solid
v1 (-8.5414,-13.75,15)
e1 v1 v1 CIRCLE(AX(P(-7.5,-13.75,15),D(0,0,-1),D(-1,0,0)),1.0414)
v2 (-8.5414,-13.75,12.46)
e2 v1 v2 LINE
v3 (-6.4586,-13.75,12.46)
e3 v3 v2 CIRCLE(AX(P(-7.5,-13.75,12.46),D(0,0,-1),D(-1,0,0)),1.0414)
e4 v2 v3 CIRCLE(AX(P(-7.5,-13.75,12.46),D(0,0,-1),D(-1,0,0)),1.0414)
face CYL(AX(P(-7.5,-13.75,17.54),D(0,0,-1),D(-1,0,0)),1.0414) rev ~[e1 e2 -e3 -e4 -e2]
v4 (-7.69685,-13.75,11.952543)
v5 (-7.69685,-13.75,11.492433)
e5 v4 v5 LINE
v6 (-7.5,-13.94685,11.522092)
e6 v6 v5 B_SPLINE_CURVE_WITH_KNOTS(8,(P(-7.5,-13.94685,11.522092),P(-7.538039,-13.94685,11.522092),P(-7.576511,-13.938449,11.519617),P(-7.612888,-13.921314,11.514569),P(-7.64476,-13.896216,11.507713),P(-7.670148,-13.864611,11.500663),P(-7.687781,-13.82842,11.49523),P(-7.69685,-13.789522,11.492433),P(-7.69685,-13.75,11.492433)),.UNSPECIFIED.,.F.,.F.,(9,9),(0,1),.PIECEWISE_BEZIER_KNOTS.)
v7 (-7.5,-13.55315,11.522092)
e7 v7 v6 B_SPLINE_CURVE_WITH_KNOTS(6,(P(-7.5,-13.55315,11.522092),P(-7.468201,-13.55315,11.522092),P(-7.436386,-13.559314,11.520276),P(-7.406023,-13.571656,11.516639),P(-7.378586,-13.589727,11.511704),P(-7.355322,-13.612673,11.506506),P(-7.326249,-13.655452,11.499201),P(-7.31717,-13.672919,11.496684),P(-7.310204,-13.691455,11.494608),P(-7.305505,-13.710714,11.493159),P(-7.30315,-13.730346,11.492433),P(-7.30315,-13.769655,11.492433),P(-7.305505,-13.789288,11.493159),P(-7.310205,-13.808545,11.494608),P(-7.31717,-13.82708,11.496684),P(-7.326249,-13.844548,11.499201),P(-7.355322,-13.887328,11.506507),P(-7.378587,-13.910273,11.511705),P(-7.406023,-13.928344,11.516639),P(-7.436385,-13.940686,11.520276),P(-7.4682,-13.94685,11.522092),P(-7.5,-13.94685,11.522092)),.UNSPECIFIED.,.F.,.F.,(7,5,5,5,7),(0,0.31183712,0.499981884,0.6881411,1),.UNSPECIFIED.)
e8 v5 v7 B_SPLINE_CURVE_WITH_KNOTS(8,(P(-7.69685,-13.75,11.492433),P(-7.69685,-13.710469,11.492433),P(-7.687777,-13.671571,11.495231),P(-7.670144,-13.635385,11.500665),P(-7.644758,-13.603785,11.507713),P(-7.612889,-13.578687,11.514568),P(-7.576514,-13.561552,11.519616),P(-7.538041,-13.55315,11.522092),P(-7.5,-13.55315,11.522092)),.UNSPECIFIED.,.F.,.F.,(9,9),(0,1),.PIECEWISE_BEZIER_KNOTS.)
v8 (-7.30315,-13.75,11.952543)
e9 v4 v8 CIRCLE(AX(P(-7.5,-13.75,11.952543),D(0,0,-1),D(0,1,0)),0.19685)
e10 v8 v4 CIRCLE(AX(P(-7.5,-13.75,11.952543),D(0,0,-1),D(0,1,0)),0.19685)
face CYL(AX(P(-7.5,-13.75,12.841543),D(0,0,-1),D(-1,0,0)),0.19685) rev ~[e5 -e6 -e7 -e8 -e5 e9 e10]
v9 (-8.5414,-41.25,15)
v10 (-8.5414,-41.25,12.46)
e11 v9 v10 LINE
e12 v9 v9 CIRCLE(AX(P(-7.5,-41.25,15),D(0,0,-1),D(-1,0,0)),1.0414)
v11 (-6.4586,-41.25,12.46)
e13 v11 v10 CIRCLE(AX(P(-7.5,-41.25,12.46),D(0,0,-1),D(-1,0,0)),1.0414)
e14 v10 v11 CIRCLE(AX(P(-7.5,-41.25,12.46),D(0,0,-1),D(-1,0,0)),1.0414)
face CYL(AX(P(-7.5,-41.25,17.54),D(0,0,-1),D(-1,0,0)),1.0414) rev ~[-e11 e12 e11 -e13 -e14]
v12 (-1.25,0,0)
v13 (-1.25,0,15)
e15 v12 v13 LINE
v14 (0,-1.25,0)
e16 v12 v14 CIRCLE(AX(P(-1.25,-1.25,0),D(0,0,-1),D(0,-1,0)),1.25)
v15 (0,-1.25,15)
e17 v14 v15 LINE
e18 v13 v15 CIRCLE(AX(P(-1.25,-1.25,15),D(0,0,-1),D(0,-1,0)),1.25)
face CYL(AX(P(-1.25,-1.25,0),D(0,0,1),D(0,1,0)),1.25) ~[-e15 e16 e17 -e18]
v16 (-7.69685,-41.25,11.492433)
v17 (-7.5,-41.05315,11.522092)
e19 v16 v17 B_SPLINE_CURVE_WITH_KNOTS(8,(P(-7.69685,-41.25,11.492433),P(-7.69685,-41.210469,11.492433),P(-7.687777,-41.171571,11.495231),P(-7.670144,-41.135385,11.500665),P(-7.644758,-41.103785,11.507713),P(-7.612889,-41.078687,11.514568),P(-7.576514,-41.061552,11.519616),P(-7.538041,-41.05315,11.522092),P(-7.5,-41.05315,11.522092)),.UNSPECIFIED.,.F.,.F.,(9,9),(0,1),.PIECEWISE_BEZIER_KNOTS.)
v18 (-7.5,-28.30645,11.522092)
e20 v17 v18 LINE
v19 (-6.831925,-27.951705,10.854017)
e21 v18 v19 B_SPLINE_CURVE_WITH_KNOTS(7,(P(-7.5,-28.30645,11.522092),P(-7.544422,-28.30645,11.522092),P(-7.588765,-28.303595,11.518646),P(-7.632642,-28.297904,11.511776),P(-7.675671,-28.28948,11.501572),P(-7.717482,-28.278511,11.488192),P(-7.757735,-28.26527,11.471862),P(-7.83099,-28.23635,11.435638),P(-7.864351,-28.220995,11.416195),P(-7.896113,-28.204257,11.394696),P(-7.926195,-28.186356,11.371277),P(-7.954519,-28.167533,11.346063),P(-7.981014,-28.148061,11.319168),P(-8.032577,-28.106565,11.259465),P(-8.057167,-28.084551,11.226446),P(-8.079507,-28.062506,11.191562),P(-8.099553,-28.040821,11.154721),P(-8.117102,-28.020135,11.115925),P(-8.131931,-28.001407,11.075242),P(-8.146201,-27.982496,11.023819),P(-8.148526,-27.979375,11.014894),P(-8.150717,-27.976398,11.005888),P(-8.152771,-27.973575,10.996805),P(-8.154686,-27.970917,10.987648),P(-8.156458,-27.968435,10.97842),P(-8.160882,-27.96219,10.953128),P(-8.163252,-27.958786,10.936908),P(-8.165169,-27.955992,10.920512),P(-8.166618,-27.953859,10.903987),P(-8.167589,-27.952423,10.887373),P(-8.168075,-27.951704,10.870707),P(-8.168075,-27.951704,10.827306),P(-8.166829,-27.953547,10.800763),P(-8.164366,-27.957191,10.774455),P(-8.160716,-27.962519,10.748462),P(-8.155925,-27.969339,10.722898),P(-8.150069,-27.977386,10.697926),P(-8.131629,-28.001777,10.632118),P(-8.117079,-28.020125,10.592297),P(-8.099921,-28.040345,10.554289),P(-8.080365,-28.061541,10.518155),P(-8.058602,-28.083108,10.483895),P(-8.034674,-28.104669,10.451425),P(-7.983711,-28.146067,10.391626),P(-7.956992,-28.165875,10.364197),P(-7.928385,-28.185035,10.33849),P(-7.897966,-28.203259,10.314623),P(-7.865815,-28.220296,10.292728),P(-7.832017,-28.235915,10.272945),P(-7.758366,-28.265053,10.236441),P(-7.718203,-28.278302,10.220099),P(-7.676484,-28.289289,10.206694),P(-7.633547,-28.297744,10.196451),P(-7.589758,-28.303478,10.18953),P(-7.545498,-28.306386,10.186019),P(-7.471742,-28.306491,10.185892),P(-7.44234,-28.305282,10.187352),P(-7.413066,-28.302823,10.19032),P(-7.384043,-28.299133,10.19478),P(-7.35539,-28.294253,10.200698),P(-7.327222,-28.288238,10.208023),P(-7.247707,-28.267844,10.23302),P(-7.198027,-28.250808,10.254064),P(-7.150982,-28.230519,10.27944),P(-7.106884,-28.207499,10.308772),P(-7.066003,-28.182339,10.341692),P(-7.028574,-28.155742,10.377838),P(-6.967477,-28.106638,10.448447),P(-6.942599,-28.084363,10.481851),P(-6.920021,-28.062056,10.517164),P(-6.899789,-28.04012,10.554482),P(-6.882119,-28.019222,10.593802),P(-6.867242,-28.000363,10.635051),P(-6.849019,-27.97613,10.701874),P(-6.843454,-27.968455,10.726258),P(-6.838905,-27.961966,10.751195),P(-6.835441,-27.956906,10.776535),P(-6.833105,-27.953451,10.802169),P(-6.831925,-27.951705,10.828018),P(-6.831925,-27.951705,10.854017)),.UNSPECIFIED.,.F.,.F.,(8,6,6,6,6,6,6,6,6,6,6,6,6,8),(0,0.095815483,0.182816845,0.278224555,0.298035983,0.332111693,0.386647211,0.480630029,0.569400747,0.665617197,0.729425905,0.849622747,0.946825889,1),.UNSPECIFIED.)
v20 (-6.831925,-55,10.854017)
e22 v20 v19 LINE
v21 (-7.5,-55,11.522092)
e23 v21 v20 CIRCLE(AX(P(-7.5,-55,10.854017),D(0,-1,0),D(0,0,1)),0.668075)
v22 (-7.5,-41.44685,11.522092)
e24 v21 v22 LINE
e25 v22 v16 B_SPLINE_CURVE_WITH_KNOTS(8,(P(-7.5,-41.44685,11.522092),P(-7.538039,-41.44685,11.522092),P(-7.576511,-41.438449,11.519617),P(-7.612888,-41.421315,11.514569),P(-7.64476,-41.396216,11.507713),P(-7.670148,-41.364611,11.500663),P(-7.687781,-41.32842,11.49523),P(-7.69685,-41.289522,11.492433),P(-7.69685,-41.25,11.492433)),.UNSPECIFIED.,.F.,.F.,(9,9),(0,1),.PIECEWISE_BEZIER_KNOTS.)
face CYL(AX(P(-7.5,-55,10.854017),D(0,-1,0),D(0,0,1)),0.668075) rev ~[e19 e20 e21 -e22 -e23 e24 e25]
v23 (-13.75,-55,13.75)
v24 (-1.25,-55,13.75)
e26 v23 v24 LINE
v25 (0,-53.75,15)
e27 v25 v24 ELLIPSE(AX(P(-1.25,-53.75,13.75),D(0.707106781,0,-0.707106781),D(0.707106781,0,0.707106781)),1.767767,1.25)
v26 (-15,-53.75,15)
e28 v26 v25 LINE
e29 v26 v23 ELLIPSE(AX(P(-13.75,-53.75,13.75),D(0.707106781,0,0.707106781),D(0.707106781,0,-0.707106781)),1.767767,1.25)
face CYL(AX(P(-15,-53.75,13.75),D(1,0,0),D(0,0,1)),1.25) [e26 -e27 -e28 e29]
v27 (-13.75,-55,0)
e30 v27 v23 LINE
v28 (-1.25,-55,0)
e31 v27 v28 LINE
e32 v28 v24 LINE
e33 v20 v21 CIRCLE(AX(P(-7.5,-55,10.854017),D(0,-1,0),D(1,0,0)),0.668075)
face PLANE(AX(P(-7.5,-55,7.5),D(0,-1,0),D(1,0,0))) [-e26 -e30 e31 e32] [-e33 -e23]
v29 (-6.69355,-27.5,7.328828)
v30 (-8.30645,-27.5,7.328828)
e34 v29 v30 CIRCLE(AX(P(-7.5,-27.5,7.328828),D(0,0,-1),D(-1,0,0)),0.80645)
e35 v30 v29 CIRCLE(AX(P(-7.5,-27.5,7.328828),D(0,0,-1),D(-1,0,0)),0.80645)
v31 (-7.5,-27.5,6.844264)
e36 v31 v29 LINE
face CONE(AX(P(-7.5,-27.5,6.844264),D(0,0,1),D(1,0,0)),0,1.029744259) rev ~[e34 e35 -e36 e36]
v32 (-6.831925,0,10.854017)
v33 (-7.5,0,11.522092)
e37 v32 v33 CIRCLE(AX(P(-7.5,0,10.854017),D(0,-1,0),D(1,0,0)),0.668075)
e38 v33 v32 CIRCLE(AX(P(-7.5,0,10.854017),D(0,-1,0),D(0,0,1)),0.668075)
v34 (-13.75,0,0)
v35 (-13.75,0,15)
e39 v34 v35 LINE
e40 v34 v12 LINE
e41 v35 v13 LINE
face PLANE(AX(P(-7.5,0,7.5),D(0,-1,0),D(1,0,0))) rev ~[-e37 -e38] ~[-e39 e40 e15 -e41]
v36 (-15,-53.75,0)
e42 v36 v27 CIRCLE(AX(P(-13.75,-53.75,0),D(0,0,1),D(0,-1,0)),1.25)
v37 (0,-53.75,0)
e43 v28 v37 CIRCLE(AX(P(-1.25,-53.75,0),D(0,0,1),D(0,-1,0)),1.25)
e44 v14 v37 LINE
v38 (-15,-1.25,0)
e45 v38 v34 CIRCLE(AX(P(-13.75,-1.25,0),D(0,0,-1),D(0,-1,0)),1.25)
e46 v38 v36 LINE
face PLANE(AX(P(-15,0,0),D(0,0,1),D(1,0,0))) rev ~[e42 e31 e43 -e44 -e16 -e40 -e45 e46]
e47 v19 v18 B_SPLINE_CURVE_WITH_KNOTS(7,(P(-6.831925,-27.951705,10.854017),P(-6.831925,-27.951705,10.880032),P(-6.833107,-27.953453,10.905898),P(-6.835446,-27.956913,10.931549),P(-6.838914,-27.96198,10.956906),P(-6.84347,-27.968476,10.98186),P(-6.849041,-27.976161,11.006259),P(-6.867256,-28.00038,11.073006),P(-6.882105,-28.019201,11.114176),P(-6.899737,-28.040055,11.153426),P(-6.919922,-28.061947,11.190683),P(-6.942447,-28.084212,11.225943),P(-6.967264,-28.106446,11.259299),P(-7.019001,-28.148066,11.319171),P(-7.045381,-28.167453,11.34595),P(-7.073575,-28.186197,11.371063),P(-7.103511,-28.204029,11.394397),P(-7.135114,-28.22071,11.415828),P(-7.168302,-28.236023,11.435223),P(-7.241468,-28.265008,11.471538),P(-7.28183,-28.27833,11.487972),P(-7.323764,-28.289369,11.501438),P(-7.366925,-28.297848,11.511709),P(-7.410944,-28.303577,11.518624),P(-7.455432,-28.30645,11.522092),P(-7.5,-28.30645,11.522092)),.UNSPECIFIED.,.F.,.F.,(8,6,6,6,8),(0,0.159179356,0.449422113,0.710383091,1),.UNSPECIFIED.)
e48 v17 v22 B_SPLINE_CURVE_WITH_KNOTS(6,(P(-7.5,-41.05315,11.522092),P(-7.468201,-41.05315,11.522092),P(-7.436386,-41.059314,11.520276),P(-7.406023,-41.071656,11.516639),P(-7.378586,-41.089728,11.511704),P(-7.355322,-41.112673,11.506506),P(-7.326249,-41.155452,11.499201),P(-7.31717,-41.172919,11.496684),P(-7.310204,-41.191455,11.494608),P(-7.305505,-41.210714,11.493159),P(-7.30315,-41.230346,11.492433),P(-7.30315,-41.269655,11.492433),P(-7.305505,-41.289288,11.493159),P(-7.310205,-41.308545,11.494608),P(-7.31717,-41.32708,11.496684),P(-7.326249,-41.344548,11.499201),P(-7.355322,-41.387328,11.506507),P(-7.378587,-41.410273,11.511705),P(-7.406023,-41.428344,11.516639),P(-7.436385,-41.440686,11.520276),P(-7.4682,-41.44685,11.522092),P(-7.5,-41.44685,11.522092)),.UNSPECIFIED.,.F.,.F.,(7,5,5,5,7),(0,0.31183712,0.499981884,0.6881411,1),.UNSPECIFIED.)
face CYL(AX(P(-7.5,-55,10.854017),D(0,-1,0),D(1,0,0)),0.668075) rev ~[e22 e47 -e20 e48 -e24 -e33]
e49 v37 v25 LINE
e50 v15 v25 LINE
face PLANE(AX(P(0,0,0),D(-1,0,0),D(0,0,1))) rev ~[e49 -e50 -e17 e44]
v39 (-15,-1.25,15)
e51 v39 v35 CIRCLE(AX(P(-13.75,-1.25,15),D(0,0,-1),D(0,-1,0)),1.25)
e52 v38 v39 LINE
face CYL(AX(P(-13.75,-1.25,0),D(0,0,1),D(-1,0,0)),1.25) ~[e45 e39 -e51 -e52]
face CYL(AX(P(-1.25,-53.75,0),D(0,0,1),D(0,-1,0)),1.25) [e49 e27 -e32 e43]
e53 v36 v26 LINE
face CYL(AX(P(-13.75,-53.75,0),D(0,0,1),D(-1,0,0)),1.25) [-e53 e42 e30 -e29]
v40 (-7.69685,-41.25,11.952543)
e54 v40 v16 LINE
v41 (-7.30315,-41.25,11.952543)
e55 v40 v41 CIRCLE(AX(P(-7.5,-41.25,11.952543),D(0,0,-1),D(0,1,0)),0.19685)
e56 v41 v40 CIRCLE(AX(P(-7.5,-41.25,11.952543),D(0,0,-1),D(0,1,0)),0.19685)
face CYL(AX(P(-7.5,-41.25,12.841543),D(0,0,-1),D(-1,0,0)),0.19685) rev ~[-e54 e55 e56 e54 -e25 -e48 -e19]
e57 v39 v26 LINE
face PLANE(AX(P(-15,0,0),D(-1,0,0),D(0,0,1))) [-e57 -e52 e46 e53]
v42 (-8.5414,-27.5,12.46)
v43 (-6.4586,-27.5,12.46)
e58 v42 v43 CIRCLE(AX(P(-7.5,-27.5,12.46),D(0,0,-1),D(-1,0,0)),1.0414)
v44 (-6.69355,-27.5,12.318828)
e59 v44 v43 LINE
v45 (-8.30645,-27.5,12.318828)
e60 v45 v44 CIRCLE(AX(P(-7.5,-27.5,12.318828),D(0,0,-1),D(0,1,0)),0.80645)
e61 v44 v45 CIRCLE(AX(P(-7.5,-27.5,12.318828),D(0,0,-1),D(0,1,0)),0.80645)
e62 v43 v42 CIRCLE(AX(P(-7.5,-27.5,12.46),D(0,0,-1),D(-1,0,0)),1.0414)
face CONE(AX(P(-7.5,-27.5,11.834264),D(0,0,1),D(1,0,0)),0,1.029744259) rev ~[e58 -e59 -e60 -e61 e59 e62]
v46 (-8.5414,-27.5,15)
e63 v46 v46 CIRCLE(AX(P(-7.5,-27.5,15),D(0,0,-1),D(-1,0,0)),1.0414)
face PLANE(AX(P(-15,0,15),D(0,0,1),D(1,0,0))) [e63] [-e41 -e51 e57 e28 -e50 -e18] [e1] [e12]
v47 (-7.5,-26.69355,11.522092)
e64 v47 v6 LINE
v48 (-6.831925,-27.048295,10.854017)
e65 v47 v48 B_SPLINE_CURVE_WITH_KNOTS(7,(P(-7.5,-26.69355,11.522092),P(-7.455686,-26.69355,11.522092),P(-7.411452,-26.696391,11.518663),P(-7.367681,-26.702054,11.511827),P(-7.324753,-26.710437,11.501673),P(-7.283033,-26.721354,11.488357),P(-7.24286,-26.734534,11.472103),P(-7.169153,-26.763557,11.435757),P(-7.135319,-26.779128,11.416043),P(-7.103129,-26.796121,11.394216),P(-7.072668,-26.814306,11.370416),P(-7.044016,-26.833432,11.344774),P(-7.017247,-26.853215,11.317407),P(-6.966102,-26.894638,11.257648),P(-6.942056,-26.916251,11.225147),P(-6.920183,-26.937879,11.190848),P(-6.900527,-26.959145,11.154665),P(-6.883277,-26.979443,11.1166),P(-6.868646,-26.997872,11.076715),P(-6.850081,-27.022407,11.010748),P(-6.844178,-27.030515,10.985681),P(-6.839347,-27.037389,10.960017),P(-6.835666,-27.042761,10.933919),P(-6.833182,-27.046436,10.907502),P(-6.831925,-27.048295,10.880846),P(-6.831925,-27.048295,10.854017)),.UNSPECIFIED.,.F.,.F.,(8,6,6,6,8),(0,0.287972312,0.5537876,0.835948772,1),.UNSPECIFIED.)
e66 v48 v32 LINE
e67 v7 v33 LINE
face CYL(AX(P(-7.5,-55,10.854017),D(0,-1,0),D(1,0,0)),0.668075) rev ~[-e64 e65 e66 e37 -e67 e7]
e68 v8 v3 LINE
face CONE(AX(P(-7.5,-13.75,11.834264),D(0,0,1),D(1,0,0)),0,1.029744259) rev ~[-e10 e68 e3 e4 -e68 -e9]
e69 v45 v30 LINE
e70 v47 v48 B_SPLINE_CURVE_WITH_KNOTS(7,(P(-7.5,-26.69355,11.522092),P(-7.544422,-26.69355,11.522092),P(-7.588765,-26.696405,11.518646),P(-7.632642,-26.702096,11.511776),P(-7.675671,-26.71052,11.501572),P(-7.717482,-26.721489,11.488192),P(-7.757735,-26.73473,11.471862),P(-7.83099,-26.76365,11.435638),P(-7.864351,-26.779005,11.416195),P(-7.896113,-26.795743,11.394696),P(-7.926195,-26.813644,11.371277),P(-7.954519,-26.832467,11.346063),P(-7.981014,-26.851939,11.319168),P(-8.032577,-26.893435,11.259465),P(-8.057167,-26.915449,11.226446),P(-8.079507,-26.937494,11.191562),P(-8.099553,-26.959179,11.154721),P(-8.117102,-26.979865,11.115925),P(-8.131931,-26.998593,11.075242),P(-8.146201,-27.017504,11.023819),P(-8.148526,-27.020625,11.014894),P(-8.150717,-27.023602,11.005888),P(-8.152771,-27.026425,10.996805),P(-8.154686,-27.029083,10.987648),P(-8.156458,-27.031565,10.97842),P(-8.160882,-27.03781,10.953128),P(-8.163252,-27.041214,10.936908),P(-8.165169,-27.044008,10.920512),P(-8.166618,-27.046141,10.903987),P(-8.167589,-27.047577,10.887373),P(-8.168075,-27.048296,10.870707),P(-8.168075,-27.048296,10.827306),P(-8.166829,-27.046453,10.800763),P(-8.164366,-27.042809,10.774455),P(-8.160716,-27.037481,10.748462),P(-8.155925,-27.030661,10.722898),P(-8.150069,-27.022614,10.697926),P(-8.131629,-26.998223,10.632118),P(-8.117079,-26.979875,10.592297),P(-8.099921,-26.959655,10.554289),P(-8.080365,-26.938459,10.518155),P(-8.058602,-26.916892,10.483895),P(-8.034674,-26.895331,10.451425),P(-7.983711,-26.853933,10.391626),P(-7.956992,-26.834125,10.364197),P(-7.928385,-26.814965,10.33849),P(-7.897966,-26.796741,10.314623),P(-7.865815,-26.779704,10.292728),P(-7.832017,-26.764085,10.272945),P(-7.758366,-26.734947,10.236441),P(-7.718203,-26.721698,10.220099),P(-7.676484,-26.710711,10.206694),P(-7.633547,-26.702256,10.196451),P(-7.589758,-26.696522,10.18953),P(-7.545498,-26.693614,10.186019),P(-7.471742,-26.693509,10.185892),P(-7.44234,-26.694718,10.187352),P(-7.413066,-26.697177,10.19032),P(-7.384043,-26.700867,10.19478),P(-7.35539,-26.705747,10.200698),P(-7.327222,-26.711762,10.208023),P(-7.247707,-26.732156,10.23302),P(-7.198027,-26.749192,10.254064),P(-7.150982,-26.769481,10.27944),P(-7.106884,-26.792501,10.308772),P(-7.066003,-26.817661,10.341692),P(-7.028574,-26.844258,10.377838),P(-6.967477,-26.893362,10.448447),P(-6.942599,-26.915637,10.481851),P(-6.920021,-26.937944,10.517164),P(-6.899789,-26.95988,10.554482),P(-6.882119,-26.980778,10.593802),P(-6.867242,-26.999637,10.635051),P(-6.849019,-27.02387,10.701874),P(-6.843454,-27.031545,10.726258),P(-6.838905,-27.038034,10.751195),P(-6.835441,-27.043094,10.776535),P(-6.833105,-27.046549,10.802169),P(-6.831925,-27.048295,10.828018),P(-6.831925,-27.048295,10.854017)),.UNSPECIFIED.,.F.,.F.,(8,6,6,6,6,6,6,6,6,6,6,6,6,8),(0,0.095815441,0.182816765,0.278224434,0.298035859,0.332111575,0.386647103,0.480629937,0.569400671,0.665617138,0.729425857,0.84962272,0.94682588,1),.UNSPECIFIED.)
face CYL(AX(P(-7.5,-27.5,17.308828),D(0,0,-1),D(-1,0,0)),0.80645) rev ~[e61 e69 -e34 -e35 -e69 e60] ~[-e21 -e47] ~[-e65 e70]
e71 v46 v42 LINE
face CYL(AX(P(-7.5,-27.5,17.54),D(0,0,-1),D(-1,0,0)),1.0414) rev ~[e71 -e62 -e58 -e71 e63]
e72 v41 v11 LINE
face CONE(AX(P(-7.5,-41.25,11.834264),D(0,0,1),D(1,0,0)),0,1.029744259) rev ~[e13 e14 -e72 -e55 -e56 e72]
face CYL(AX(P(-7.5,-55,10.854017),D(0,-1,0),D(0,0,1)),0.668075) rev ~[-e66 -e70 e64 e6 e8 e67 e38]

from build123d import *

# Parameters (mm, degrees)
F0_W     = 15
F0_H     = 15
F1_DEPTH = 55
F3_D     = 2.0828
F3_DEPTH = 2.54
F3_TIP   = 0.6257362487
F4_D     = 0.3937
F4_DEPTH = 0.889
F4_START = 3.0474568
F4_TIP   = 0.1182794129
F6_DEPTH = 58
F7_R     = 1.25
F8_D     = 1.6129
F8_DEPTH = 4.99
F8_START = 2.6811722
F8_TIP   = 0.4845640462


with BuildPart() as f1:
    # F0 (on Front) → F1 (new body)
    with BuildSketch(Plane.XZ):
        with Locations((-7.5, 7.5)):
            Rectangle(F0_W, F0_H)
    extrude(amount=F1_DEPTH)

    # F3
    with Locations(Plane.XY.offset(15)):
        with Locations((-7.5, -41.25), (-7.4999998324, -27.5), (-7.5, -13.7499999255)):
            Hole(F3_D / 2, depth=F3_DEPTH)
            with Locations((0, 0, -(F3_DEPTH + F3_TIP / 2))):  # 118° drill point
                Cone(0, F3_D / 2, F3_TIP, mode=Mode.SUBTRACT)

    # F4
    # its depths count from where the whole tool has entered the part; down to there all is cleared
    with Locations(Plane.XY.offset(15)):
        with Locations((-7.4999998324, -27.5), (-7.5, -13.7499999255), (-7.5, -41.25)):
            Hole(F4_D / 2, depth=F4_START)
    with Locations(Plane.XY.offset(15).offset(-F4_START)):
        with Locations((-7.4999998324, -27.5), (-7.5, -13.7499999255), (-7.5, -41.25)):
            Hole(F4_D / 2, depth=F4_DEPTH)
            with Locations((0, 0, -(F4_DEPTH + F4_TIP / 2))):  # 118° drill point
                Cone(0, F4_D / 2, F4_TIP, mode=Mode.SUBTRACT)

    # F5 (on face) → F6 (cut)
    with BuildSketch(Plane.XZ.offset(55)):
        with BuildLine():
            ThreePointArc((-6.8319246429, 10.8540169895), (-7.0275993847, 11.3264176048), (-7.5, 11.5220923465))
            ThreePointArc((-7.5, 11.5220923465), (-7.9724006153, 10.3816163741), (-6.8319246429, 10.8540169895))
        make_face()
    extrude(amount=-F6_DEPTH, mode=Mode.SUBTRACT)

    # F7
    f7_edges = [f1.edges().sort_by_distance(p)[0] for p in [
        (-7.5, -55, 15),
        (0, 0, 7.5),
        (-15, 0, 7.5),
        (-15, -55, 7.5),
        (0, -55, 7.5),
    ]]
    fillet(f7_edges, radius=F7_R)

    # F8
    # its depths count from where the whole tool has entered the part; down to there all is cleared
    with Locations(Plane.XY.offset(15).offset(-F8_START)):
        with Locations((-7.4999998324, -27.5)):
            Hole(F8_D / 2, depth=F8_DEPTH)
            with Locations((0, 0, -(F8_DEPTH + F8_TIP / 2))):  # 118° drill point
                Cone(0, F8_D / 2, F8_TIP, mode=Mode.SUBTRACT)


solid = f1.part
